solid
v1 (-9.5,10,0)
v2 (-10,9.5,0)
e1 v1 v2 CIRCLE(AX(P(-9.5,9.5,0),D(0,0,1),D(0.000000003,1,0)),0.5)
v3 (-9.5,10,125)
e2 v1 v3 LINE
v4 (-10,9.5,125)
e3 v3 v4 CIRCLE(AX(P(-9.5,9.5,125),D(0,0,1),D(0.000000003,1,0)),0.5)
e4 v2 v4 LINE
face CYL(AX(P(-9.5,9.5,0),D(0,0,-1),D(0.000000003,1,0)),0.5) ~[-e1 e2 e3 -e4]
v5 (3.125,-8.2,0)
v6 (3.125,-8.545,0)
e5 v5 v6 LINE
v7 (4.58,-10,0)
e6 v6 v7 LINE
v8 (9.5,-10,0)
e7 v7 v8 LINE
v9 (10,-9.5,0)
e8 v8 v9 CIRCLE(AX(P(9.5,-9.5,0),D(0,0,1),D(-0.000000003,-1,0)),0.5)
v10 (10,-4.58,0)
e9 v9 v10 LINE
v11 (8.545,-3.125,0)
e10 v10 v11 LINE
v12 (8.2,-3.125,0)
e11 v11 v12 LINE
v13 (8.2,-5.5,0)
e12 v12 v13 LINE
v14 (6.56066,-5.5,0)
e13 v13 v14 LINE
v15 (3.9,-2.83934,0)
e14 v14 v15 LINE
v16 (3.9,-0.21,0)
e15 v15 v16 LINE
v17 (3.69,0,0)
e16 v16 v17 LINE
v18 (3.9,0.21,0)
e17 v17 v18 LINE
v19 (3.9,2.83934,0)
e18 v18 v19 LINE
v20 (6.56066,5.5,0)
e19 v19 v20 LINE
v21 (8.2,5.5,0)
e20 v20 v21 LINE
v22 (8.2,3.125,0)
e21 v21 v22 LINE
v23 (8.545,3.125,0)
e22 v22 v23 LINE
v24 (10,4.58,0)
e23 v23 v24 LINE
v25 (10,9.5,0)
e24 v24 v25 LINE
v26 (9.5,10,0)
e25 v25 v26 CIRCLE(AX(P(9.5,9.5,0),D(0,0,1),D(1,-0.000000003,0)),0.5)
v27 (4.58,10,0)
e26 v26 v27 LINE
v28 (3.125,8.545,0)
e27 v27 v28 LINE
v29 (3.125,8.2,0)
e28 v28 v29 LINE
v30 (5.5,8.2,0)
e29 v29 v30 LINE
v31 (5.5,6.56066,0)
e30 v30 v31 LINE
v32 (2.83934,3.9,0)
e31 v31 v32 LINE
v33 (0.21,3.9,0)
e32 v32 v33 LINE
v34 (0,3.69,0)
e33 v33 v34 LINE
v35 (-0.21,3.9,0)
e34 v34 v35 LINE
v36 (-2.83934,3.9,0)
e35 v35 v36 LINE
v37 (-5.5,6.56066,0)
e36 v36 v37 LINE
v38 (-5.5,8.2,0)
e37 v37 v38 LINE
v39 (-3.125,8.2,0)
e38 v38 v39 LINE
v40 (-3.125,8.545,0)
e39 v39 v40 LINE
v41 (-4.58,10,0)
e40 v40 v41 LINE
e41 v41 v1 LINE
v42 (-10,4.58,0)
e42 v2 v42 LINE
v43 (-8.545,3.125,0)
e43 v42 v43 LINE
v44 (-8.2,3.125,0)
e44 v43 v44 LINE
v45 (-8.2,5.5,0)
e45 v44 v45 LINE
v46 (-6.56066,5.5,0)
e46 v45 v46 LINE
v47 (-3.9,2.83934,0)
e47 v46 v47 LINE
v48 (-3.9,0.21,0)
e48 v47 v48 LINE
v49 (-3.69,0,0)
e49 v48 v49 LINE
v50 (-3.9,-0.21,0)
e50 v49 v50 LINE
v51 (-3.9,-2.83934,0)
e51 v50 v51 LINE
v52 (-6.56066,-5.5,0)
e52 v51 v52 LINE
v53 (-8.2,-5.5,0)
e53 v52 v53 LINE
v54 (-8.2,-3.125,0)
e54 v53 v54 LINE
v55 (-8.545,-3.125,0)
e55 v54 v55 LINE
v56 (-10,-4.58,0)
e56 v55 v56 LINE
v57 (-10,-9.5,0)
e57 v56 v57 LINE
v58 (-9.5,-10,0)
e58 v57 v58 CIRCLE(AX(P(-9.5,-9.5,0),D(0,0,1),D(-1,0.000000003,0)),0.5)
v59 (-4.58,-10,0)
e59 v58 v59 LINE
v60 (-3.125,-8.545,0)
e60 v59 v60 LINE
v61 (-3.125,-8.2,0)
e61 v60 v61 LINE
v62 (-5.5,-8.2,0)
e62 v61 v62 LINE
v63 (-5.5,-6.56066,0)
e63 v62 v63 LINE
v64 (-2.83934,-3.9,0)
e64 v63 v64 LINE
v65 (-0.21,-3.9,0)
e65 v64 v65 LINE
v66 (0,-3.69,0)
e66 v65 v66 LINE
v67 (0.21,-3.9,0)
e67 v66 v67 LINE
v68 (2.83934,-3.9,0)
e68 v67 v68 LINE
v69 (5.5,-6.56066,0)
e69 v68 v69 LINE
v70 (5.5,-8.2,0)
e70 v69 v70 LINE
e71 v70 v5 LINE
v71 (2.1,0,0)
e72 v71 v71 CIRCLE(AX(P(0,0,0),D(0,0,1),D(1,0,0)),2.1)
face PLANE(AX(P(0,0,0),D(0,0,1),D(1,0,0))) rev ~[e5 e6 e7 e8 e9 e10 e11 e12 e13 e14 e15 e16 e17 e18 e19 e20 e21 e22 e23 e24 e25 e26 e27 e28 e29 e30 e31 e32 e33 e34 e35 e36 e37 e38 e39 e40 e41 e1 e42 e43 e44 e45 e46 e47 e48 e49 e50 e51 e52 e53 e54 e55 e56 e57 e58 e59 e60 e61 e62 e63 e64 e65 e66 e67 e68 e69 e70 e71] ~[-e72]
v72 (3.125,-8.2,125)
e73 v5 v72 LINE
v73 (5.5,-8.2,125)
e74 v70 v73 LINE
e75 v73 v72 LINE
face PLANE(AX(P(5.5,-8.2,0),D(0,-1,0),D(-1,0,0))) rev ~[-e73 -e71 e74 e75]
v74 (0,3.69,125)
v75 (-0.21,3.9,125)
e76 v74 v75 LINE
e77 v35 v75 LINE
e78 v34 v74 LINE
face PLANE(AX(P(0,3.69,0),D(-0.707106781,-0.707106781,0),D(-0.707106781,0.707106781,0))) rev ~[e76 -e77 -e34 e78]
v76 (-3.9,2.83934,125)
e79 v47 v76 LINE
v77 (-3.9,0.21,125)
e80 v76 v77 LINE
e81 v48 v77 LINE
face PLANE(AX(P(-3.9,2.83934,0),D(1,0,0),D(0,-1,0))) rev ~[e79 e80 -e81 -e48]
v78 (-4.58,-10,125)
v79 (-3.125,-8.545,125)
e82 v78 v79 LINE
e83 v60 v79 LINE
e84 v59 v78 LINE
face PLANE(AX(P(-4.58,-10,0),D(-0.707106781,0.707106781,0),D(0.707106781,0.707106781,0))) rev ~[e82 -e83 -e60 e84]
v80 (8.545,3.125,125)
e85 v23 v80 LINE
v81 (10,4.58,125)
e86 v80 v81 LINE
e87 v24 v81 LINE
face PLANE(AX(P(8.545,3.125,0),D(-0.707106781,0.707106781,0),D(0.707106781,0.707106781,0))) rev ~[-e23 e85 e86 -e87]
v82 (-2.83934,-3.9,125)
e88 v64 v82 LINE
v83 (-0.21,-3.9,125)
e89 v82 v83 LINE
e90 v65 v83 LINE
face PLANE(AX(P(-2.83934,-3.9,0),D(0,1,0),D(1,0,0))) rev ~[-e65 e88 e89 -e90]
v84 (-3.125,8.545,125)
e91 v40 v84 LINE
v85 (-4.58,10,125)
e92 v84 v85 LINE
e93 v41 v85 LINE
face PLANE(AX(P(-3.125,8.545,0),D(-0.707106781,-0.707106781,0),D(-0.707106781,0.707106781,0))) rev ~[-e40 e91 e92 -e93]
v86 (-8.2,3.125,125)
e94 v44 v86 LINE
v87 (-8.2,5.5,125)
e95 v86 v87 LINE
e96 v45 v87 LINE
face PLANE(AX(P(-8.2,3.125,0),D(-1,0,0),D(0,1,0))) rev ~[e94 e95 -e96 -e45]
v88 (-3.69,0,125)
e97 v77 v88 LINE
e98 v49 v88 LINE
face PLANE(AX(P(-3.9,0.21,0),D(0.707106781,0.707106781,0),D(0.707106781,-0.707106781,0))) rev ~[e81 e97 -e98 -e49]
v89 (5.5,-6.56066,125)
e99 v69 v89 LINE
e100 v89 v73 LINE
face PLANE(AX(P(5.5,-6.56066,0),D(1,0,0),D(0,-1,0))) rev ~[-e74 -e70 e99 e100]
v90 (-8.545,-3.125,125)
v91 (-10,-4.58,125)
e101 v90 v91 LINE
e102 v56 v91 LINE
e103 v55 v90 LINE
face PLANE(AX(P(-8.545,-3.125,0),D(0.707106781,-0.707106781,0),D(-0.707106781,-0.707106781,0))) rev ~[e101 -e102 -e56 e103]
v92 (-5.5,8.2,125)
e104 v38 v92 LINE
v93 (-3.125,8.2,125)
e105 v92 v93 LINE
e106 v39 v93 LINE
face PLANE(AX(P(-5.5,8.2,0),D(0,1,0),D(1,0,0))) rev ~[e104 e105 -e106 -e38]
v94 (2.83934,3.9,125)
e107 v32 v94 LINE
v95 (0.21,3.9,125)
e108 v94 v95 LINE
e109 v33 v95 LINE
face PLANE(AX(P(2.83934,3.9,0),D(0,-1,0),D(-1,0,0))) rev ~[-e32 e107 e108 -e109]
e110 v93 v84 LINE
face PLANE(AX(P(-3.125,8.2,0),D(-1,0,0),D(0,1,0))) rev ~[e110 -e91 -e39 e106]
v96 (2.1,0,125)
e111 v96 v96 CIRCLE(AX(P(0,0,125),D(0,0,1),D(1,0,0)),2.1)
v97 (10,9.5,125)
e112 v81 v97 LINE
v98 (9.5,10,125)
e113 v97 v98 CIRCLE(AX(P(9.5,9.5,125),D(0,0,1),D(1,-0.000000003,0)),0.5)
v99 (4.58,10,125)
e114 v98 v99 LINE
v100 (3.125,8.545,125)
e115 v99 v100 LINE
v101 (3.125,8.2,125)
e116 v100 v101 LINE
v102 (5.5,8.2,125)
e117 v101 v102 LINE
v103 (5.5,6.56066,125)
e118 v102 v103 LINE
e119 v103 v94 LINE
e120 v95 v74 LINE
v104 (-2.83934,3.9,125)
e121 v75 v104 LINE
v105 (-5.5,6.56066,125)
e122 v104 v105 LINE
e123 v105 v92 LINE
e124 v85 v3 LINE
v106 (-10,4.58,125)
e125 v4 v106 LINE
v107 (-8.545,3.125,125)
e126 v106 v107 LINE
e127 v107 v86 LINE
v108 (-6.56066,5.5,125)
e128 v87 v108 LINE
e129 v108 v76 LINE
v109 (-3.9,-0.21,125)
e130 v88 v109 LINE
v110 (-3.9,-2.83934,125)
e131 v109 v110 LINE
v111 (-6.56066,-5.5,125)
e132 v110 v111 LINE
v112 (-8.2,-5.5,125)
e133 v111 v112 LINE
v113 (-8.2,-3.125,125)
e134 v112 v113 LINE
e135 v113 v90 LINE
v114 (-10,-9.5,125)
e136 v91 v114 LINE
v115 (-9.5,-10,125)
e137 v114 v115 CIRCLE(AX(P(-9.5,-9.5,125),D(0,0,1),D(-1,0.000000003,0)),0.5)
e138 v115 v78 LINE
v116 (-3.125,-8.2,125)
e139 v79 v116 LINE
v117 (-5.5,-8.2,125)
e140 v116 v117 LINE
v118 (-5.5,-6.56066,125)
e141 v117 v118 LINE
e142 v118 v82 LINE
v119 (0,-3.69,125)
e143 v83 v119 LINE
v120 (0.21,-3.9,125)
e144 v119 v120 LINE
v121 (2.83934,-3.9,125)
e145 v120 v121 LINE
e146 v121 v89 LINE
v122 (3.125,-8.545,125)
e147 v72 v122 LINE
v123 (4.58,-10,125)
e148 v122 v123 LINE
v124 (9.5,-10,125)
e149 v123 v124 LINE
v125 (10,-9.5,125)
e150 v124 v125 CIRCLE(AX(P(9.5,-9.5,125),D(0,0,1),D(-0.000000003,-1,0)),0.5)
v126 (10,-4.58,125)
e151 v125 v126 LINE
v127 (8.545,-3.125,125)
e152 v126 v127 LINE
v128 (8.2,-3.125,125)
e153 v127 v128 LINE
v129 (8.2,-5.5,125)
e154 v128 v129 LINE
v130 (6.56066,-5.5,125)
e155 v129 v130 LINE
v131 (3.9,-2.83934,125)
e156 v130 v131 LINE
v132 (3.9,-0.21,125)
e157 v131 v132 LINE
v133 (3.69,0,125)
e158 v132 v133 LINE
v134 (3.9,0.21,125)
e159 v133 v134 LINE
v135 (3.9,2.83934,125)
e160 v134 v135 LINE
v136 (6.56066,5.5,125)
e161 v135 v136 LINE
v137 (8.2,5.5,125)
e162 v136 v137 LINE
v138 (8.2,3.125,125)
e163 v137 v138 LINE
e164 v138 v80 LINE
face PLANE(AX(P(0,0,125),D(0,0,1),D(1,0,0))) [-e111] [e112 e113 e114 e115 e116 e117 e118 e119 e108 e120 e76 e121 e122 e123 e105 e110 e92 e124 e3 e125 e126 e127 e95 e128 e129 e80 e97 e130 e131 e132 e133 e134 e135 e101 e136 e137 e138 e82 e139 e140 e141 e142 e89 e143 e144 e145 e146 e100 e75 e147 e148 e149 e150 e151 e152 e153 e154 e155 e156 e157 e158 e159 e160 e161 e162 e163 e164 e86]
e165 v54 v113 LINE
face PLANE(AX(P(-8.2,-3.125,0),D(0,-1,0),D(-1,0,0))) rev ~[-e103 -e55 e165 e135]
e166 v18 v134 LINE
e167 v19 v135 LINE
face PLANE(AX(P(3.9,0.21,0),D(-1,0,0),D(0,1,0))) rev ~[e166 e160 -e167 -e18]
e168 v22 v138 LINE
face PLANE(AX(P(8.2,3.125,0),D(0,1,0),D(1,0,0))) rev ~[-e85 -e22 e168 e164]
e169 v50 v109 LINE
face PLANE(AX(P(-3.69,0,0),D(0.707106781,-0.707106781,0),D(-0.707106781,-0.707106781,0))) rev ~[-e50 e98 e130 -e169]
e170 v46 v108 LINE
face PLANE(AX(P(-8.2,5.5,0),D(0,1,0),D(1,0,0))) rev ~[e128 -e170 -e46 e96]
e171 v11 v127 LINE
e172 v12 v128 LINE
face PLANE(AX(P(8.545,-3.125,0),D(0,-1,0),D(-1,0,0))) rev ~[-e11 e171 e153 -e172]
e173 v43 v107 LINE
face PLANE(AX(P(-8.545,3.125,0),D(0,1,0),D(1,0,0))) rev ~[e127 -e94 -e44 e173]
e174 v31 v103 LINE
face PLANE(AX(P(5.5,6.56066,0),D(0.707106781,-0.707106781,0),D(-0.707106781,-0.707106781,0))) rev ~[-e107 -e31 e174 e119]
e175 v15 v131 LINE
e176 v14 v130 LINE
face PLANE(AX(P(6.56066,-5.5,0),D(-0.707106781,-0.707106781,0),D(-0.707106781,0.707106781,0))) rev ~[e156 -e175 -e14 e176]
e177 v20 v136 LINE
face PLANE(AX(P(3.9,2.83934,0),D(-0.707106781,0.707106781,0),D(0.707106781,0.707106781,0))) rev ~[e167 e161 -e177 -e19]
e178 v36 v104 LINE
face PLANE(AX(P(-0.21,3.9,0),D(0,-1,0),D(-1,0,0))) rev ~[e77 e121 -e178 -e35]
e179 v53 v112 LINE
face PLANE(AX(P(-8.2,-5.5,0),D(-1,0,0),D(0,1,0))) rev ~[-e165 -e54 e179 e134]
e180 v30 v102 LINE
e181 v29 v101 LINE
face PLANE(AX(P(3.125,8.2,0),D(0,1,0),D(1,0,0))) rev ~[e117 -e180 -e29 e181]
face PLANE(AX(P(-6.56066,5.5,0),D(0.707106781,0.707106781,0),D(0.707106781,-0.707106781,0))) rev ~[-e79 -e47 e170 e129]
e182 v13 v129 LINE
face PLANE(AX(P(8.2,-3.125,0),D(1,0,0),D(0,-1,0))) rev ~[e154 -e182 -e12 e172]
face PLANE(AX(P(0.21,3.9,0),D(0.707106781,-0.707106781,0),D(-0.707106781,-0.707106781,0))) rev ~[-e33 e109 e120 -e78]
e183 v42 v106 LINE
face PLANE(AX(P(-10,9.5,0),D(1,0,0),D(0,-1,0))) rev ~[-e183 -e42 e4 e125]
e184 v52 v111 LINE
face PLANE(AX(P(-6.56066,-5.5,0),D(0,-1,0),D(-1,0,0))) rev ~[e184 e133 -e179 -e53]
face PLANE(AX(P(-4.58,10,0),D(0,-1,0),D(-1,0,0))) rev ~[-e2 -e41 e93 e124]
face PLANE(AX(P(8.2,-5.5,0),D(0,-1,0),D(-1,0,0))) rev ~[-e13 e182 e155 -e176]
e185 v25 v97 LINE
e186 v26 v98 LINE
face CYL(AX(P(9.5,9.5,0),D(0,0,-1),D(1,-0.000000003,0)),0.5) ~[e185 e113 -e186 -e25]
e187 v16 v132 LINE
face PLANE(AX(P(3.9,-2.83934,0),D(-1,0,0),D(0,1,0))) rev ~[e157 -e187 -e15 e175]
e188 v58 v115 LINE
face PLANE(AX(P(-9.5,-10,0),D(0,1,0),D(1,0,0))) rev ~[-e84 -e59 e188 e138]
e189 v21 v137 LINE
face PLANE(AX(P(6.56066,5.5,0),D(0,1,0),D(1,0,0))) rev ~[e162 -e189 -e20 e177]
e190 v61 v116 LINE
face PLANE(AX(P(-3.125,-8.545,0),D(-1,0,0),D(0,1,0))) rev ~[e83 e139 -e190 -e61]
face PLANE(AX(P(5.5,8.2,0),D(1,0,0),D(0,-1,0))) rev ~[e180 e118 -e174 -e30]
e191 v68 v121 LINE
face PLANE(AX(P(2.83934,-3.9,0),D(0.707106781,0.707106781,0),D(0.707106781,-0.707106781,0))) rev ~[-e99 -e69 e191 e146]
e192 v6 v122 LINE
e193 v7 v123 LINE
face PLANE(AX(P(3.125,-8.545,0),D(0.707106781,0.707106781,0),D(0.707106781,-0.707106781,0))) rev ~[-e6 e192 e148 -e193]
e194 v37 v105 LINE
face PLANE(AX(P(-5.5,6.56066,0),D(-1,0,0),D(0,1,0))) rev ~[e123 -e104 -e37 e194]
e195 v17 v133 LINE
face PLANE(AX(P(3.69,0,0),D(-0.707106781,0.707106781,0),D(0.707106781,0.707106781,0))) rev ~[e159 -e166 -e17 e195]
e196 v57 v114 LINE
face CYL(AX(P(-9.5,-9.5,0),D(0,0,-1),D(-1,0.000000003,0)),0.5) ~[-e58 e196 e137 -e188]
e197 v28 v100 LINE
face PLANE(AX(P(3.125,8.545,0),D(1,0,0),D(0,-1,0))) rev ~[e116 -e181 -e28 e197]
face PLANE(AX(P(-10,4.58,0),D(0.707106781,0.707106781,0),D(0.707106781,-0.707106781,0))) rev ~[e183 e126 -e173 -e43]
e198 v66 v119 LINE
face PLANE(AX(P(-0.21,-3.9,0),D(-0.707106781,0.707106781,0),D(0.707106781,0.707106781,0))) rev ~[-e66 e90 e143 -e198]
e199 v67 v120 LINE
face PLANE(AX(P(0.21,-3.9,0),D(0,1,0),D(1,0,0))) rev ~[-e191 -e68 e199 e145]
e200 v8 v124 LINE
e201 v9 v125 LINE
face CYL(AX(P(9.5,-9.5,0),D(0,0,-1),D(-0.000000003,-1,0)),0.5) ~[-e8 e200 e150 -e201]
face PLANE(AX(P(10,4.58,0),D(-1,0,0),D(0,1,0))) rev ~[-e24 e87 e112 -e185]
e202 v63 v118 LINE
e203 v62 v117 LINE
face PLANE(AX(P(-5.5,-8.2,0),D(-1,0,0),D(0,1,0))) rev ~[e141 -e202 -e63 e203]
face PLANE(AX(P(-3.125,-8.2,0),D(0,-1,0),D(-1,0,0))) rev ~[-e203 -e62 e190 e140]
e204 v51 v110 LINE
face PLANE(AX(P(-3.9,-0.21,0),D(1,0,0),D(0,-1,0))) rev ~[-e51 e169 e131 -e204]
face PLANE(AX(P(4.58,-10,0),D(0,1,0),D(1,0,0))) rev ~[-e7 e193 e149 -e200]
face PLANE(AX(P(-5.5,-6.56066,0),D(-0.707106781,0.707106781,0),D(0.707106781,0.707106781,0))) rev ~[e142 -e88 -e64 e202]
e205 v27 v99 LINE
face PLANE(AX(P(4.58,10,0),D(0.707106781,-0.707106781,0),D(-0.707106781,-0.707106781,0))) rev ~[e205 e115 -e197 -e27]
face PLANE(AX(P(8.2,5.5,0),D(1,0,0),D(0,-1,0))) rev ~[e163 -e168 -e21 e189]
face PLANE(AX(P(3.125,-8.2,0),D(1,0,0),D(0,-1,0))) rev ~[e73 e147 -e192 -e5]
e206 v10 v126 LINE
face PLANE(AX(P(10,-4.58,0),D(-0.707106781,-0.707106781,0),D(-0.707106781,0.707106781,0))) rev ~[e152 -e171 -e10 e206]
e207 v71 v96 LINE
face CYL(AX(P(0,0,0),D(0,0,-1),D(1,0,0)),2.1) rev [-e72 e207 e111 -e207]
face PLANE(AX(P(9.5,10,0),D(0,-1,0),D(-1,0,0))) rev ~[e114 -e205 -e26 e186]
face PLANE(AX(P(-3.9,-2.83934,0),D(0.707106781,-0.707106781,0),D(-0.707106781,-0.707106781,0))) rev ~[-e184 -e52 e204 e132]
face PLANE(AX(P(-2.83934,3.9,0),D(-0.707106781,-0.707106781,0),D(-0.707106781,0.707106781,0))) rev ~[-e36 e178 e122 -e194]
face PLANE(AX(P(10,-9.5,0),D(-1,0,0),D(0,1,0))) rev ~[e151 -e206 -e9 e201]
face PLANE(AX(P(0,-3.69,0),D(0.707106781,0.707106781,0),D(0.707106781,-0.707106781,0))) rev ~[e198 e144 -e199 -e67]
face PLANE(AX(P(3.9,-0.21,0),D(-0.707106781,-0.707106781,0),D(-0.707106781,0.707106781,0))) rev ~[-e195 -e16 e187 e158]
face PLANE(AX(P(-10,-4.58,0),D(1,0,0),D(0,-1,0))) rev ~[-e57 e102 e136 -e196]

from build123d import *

# Parameters (mm, degrees)
SKETCH1_R           = 2.1
BOSS_EXTRUDE1_DEPTH = 125


with BuildPart() as part:
    # Sketch1 → Boss-Extrude1 (new body)
    with BuildSketch(Plane.XY):
        with BuildLine():
            Line((4.58, -10), (9.5, -10))
            ThreePointArc((9.5, -10), (9.853553391, -9.853553391), (10, -9.5))
            Line((10, -9.5), (10, -4.58))
            Line((10, -4.58), (8.545, -3.125))
            Line((8.545, -3.125), (8.2, -3.125))
            Line((8.2, -3.125), (8.2, -5.5))
            Line((8.2, -5.5), (6.560660172, -5.5))
            Line((6.560660172, -5.5), (3.9, -2.839339828))
            Line((3.9, -2.839339828), (3.9, -0.21))
            Line((3.9, -0.21), (3.69, 0))
            Line((3.69, 0), (3.9, 0.21))
            Line((3.9, 0.21), (3.9, 2.839339828))
            Line((3.9, 2.839339828), (6.560660172, 5.5))
            Line((6.560660172, 5.5), (8.2, 5.5))
            Line((8.2, 5.5), (8.2, 3.125))
            Line((8.2, 3.125), (8.545, 3.125))
            Line((8.545, 3.125), (10, 4.58))
            Line((10, 4.58), (10, 9.5))
            ThreePointArc((10, 9.5), (9.853553391, 9.853553391), (9.5, 10))
            Line((9.5, 10), (4.58, 10))
            Line((4.58, 10), (3.125, 8.545))
            Line((3.125, 8.545), (3.125, 8.2))
            Line((3.125, 8.2), (5.5, 8.2))
            Line((5.5, 8.2), (5.5, 6.560660172))
            Line((5.5, 6.560660172), (2.839339828, 3.9))
            Line((2.839339828, 3.9), (0.21, 3.9))
            Line((0.21, 3.9), (0, 3.69))
            Line((0, 3.69), (-0.21, 3.9))
            Line((-0.21, 3.9), (-2.839339828, 3.9))
            Line((-2.839339828, 3.9), (-5.5, 6.560660172))
            Line((-5.5, 6.560660172), (-5.5, 8.2))
            Line((-5.5, 8.2), (-3.125, 8.2))
            Line((-3.125, 8.2), (-3.125, 8.545))
            Line((-3.125, 8.545), (-4.58, 10))
            Line((-4.58, 10), (-9.5, 10))
            ThreePointArc((-9.5, 10), (-9.853553391, 9.853553391), (-10, 9.5))
            Line((-10, 9.5), (-10, 4.58))
            Line((-10, 4.58), (-8.545, 3.125))
            Line((-8.545, 3.125), (-8.2, 3.125))
            Line((-8.2, 3.125), (-8.2, 5.5))
            Line((-8.2, 5.5), (-6.560660172, 5.5))
            Line((-6.560660172, 5.5), (-3.9, 2.839339828))
            Line((-3.9, 2.839339828), (-3.9, 0.21))
            Line((-3.9, 0.21), (-3.69, 0))
            Line((-3.69, 0), (-3.9, -0.21))
            Line((-3.9, -0.21), (-3.9, -2.839339828))
            Line((-3.9, -2.839339828), (-6.560660172, -5.5))
            Line((-6.560660172, -5.5), (-8.2, -5.5))
            Line((-8.2, -5.5), (-8.2, -3.125))
            Line((-8.2, -3.125), (-8.545, -3.125))
            Line((-8.545, -3.125), (-10, -4.58))
            Line((-10, -4.58), (-10, -9.5))
            ThreePointArc((-10, -9.5), (-9.853553391, -9.853553391), (-9.5, -10))
            Line((-9.5, -10), (-4.58, -10))
            Line((-4.58, -10), (-3.125, -8.545))
            Line((-3.125, -8.545), (-3.125, -8.2))
            Line((-3.125, -8.2), (-5.5, -8.2))
            Line((-5.5, -8.2), (-5.5, -6.560660172))
            Line((-5.5, -6.560660172), (-2.839339828, -3.9))
            Line((-2.839339828, -3.9), (-0.21, -3.9))
            Line((-0.21, -3.9), (0, -3.69))
            Line((0, -3.69), (0.21, -3.9))
            Line((0.21, -3.9), (2.839339828, -3.9))
            Line((2.839339828, -3.9), (5.5, -6.560660172))
            Line((5.5, -6.560660172), (5.5, -8.2))
            Line((5.5, -8.2), (3.125, -8.2))
            Line((3.125, -8.2), (3.125, -8.545))
            Line((3.125, -8.545), (4.58, -10))
        make_face()
        Circle(SKETCH1_R, mode=Mode.SUBTRACT)
    extrude(amount=BOSS_EXTRUDE1_DEPTH)


solid = part.part
